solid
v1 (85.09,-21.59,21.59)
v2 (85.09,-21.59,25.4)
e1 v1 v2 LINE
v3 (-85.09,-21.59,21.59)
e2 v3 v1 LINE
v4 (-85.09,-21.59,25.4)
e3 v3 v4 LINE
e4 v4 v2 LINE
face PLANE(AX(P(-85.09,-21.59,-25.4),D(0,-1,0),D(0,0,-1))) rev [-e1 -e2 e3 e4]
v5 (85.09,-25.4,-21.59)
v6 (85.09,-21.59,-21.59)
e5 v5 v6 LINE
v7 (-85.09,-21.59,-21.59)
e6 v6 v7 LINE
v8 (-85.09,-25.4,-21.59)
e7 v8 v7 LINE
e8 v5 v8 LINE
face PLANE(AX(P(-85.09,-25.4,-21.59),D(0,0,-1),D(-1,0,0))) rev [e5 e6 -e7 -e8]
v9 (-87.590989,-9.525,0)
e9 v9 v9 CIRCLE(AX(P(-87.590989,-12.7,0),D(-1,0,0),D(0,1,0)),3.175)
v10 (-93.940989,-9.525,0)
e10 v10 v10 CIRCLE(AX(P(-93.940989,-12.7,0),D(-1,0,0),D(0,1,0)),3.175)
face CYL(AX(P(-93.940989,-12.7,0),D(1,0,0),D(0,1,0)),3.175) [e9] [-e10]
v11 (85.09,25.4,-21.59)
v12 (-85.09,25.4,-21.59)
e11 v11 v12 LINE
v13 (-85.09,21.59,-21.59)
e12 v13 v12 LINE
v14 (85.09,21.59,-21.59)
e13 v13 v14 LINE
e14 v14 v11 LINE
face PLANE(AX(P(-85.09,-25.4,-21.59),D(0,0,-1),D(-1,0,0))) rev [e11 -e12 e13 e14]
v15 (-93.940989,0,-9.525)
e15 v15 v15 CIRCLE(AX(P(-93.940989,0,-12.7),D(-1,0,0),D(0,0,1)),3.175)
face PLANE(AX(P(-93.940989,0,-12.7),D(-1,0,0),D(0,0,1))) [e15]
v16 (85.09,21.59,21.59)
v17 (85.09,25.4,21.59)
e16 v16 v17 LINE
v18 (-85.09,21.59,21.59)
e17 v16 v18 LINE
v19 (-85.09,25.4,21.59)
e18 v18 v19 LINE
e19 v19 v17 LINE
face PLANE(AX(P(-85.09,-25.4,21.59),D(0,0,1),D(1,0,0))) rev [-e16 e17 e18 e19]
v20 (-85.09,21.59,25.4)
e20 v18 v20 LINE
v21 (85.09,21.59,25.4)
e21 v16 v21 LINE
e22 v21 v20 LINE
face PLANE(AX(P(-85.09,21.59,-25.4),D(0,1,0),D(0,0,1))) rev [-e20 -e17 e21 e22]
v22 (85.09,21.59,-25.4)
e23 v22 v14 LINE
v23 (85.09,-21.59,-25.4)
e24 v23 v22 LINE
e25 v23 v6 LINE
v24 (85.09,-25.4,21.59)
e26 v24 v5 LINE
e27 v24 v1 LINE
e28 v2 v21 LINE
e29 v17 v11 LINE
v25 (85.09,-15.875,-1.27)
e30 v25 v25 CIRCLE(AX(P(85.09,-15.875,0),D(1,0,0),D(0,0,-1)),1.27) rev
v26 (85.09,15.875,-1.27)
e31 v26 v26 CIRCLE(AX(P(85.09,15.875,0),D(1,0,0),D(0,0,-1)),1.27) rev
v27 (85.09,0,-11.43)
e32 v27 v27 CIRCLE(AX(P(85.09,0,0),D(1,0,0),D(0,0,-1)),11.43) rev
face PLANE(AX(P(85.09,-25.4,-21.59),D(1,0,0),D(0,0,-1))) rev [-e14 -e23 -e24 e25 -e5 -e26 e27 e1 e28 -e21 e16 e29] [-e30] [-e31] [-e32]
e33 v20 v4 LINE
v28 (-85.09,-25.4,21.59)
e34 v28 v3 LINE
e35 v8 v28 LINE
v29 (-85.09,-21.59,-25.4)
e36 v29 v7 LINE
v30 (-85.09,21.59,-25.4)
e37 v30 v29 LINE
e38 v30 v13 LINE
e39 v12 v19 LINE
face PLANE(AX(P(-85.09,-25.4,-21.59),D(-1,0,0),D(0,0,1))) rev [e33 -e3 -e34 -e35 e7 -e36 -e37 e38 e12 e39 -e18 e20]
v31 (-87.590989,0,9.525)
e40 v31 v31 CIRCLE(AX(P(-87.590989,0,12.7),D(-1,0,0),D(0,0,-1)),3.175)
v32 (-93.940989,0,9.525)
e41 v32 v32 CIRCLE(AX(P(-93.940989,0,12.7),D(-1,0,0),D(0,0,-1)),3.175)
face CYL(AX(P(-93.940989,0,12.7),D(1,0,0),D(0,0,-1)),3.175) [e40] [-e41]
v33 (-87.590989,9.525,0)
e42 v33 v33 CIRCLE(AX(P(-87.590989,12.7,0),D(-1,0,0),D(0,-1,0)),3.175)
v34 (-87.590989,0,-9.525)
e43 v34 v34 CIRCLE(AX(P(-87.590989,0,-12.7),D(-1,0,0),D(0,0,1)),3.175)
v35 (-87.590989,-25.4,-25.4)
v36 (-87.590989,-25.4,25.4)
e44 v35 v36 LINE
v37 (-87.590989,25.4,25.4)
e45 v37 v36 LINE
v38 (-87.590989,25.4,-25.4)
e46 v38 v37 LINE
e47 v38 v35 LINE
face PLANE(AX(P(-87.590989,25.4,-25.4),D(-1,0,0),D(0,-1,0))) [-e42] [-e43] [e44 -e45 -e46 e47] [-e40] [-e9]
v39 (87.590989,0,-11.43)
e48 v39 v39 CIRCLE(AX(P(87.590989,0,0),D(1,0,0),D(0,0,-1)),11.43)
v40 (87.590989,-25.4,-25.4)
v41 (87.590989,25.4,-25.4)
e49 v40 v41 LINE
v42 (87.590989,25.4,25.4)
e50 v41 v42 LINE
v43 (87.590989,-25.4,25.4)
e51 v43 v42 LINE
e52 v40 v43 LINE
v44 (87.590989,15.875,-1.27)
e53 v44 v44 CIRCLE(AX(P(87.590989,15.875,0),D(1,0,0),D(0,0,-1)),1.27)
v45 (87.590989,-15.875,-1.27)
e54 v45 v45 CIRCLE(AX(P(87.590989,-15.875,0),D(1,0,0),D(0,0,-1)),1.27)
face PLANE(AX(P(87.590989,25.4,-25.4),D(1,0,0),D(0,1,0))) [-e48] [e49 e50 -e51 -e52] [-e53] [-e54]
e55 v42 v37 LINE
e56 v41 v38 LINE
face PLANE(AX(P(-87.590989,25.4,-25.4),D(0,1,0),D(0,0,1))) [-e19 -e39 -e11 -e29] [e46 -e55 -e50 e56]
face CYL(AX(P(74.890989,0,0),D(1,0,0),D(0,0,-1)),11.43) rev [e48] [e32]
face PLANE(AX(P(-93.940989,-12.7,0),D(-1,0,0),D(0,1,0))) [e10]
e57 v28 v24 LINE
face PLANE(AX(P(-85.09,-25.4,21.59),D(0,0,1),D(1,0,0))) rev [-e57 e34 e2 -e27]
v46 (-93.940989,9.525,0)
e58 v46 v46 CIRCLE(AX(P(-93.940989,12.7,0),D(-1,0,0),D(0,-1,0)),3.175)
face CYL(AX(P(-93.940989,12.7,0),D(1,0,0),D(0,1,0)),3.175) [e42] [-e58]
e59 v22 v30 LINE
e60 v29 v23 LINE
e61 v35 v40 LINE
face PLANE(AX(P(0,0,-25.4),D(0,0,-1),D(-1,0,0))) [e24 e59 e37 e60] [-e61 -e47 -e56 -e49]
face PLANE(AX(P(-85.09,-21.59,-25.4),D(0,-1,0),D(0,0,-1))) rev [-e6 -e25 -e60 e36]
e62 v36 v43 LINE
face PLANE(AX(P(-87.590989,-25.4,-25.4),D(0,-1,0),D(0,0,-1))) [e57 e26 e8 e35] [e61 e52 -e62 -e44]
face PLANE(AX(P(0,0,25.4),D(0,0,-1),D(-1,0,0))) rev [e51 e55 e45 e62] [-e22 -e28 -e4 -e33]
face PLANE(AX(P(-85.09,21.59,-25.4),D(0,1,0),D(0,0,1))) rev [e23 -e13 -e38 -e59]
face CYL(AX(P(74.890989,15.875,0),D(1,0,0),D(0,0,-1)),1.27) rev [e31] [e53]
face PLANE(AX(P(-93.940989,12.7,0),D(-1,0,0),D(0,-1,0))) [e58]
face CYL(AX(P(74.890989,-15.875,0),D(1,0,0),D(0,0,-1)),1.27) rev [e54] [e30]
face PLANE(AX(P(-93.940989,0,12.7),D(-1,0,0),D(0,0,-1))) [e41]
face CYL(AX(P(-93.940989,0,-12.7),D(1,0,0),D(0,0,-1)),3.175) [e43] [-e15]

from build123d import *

# Parameters (mm, degrees)
SKETCH2_W           = 175.181977678
SKETCH2_H           = 50.8
BOSS_EXTRUDE1_DEPTH = 25.4
SKETCH8_R           = 11.43
SKETCH8_R_2         = 1.27
CUT_EXTRUDE3_DEPTH  = 12.7
SKETCH10_W          = 170.18
SKETCH10_H          = 43.18
CUT_EXTRUDE5_DEPTH  = 51.8
SKETCH11_R          = 3.175
BOSS_EXTRUDE2_DEPTH = 6.35
CIRPATTERN2_COUNT   = 4
CIRPATTERN3_COUNT   = 2
CIRPATTERN3_ANGLE   = 90


with BuildPart() as part:
    # Sketch2 → Boss-Extrude1 (new body, symmetric)
    with BuildSketch(Plane.XY):
        Rectangle(SKETCH2_W, SKETCH2_H)
    extrude(amount=BOSS_EXTRUDE1_DEPTH, both=True)

    # Sketch8 → Cut-Extrude3 (cut)
    with BuildSketch(Plane(origin=(87.590988839, 0, 0), x_dir=(0, 0, -1), z_dir=(1, 0, 0))):
        Circle(SKETCH8_R)
        with Locations((0, 15.875)):
            Circle(SKETCH8_R_2)
        with Locations((0, -15.875)):
            Circle(SKETCH8_R_2)
    extrude(amount=-CUT_EXTRUDE3_DEPTH, mode=Mode.SUBTRACT)

    # Sketch10 → Cut-Extrude5 (cut, through all)
    with BuildSketch(Plane(origin=(0, 25.4, 0), x_dir=(1, 0, 0), z_dir=(0, 1, 0))):
        Rectangle(SKETCH10_W, SKETCH10_H)
    cut_extrude5 = extrude(amount=-CUT_EXTRUDE5_DEPTH, mode=Mode.SUBTRACT)

    # Sketch11 → Boss-Extrude2 (add)
    with BuildSketch(Plane.ZY.offset(87.590988839)):
        with Locations((0, 12.7)):
            Circle(SKETCH11_R)
    boss_extrude2 = extrude(amount=BOSS_EXTRUDE2_DEPTH)

    # CirPattern2: Boss-Extrude2 ×4 about axis
    cirpattern2_axis = Axis((0, 0, 0), (1, 0, 0))
    for i in range(1, CIRPATTERN2_COUNT):
        add(boss_extrude2.rotate(cirpattern2_axis, i * 360 / CIRPATTERN2_COUNT))

    # CirPattern3: Cut-Extrude5 ×2 about axis
    cirpattern3_axis = Axis((74.890988839, 0, 0), (1, 0, 0))
    for i in range(1, CIRPATTERN3_COUNT):
        add(cut_extrude5.rotate(cirpattern3_axis, i * CIRPATTERN3_ANGLE / (CIRPATTERN3_COUNT - 1)), mode=Mode.SUBTRACT)


solid = part.part
